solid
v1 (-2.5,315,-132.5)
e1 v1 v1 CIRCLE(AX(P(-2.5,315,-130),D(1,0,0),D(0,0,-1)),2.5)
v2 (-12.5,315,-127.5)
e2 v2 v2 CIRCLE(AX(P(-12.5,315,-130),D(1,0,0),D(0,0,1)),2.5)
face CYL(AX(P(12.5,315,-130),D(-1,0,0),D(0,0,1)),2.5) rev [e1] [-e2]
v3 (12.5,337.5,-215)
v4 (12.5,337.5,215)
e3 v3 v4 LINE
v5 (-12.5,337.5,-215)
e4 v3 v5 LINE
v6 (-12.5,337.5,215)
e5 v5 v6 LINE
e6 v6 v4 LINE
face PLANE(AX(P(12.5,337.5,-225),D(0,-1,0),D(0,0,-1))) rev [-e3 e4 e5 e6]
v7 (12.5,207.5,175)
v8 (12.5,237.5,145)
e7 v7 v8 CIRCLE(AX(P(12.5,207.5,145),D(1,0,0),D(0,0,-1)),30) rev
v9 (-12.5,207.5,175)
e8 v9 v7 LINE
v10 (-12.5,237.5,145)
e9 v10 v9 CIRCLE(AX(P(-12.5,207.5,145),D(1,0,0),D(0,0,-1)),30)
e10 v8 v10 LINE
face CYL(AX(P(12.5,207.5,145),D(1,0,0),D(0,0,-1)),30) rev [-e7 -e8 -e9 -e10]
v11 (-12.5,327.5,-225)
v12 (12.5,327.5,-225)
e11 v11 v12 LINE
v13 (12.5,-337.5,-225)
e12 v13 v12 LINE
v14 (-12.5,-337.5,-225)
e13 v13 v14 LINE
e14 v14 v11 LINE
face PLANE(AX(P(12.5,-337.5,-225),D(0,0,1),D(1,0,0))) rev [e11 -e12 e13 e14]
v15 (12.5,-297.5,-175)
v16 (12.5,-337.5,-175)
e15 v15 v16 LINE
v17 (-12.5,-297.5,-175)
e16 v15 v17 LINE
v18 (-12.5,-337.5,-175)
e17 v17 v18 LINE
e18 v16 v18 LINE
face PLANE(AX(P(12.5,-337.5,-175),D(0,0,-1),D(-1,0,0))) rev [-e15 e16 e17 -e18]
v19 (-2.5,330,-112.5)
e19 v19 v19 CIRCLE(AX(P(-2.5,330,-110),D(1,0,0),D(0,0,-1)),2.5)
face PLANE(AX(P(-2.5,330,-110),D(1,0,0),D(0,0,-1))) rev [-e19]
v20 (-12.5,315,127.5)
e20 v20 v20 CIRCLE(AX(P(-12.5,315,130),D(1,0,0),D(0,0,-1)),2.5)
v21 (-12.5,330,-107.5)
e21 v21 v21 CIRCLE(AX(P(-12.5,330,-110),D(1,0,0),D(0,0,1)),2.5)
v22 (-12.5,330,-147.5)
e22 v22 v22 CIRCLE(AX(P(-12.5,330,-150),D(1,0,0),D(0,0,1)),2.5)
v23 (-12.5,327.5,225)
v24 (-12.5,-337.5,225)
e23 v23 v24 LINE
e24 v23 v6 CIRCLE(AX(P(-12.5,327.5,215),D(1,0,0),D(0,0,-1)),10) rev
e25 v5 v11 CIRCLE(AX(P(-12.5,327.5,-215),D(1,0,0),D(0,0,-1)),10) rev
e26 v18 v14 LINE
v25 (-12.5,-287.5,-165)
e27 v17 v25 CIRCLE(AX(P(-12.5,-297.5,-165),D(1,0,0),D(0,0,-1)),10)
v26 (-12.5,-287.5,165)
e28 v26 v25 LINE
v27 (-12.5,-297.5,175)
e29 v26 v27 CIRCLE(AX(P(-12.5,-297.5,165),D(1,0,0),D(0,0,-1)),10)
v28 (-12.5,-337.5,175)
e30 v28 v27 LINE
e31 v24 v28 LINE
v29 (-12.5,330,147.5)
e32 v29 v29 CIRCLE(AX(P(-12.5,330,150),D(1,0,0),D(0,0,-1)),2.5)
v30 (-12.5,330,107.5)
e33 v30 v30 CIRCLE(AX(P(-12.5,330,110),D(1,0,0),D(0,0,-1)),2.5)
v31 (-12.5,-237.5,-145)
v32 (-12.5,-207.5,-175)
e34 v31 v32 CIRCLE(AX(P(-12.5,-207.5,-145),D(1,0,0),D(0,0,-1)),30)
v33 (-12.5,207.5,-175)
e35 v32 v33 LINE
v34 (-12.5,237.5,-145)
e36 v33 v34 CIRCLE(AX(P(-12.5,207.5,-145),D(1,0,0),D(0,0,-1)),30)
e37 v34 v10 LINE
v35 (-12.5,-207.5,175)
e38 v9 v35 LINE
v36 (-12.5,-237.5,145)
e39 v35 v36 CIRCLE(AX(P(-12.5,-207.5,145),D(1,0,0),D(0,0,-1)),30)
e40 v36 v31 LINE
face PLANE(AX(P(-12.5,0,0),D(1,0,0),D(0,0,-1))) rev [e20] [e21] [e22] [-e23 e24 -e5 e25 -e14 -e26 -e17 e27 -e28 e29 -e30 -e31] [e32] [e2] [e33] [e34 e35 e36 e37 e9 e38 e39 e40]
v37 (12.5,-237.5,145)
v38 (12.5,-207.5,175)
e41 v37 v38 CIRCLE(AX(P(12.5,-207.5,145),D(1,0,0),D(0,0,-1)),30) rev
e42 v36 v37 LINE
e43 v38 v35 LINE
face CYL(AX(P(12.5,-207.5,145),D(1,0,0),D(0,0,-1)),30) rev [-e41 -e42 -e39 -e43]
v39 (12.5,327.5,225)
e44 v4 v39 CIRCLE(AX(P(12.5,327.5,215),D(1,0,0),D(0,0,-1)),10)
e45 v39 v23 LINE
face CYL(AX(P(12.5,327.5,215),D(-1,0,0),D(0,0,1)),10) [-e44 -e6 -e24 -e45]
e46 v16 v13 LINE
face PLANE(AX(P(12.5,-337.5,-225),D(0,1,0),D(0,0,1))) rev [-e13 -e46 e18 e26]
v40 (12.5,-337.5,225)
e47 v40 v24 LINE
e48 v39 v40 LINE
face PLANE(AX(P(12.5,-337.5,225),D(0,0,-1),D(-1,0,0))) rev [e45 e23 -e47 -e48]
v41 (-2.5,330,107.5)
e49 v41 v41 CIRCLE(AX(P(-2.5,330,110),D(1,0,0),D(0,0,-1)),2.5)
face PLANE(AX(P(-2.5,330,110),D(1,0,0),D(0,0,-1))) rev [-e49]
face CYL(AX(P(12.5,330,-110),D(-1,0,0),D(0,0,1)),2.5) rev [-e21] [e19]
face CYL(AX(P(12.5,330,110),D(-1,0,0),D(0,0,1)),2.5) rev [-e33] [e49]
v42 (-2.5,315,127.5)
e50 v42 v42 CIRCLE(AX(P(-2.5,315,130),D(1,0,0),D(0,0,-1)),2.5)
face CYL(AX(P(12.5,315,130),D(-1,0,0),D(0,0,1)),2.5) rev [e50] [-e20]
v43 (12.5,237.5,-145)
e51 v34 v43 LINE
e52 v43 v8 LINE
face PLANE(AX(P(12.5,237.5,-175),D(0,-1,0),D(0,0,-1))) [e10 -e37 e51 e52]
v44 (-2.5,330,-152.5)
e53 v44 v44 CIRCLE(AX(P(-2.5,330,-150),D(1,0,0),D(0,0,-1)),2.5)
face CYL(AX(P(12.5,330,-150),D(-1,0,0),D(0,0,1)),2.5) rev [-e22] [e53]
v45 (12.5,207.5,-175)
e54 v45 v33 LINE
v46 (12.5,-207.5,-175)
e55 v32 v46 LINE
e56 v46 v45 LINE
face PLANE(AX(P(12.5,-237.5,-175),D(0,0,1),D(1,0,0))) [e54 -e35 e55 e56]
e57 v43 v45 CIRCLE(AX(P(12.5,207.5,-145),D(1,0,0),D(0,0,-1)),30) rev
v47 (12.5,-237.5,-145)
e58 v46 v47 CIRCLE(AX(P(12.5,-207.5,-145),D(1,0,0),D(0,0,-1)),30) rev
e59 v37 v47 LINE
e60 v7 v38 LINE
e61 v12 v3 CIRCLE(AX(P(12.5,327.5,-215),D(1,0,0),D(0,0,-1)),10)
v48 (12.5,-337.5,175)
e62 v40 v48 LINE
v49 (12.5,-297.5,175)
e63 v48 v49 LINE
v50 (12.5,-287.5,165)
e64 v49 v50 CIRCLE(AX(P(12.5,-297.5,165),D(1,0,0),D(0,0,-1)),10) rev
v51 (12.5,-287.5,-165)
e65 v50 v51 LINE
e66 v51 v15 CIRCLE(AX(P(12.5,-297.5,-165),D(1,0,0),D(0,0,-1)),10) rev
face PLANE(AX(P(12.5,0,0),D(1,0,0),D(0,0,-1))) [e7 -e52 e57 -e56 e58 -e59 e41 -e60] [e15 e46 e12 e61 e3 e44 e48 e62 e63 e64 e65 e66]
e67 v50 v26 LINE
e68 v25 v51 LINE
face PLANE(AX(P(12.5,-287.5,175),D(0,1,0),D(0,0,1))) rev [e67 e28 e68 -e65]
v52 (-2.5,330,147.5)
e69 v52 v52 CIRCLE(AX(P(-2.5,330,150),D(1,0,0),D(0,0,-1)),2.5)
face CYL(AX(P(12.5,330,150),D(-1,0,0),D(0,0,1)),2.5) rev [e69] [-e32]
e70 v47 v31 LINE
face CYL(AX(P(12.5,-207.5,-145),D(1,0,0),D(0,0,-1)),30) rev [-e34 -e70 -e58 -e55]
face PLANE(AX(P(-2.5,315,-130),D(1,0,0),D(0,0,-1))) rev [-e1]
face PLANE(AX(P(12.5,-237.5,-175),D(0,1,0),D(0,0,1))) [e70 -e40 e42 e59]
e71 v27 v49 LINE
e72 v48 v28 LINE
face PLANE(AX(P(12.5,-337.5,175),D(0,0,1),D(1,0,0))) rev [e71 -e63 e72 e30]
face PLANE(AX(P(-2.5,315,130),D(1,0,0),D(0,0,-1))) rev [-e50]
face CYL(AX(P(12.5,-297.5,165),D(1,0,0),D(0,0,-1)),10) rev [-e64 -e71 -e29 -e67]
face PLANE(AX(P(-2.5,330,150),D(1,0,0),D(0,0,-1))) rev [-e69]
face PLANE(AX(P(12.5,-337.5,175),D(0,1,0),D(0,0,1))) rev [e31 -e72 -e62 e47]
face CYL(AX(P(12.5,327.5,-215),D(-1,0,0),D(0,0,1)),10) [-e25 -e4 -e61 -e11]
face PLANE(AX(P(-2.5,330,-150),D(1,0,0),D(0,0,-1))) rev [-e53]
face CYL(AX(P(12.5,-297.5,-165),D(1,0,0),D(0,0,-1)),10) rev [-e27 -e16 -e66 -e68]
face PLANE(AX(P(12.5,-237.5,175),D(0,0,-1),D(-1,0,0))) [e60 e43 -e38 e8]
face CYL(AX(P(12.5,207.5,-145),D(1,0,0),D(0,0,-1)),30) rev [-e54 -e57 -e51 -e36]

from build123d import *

# Parameters (mm, degrees)
SKETCH1_R           = 2.5
SKETCH1_W           = 350
SKETCH1_H           = 475
BOSS_EXTRUDE1_DEPTH = 12.5
BOSS_EXTRUDE2_START = -15
SKETCH2_R           = 2.5
BOSS_EXTRUDE2_DEPTH = 15
FILLET1_R           = 10
FILLET2_R           = 30
FILLET3_R           = 10


with BuildPart() as part:
    # Sketch1 → Boss-Extrude1 (new, symmetric)
    with BuildSketch(Plane(origin=(0, 0, 0), x_dir=(0, 0, -1), z_dir=(1, 0, 0))):
        Polygon((-175, -337.5), (-225, -337.5), (-225, 337.5), (225, 337.5), (225, -337.5), (175, -337.5), (175, -287.5), (-175, -287.5), align=None)
        with Locations((-150, 330)):
            Circle(SKETCH1_R, mode=Mode.SUBTRACT)
        with Locations((-110, 330)):
            Circle(SKETCH1_R, mode=Mode.SUBTRACT)
        with Locations((-130, 315)):
            Circle(SKETCH1_R, mode=Mode.SUBTRACT)
        with Locations(Location((110, 330, 0), (0, 0, 180))):
            Circle(SKETCH1_R, mode=Mode.SUBTRACT)
        with Locations(Location((150, 330, 0), (0, 0, 180))):
            Circle(SKETCH1_R, mode=Mode.SUBTRACT)
        with Locations(Location((130, 315, 0), (0, 0, 180))):
            Circle(SKETCH1_R, mode=Mode.SUBTRACT)
        Rectangle(SKETCH1_W, SKETCH1_H, mode=Mode.SUBTRACT)
    extrude(amount=BOSS_EXTRUDE1_DEPTH, both=True)

    # Sketch2 → Boss-Extrude2 (add)
    with BuildSketch(Plane(origin=(12.5, 0, 0), x_dir=(0, 0, -1), z_dir=(1, 0, 0)).offset(BOSS_EXTRUDE2_START)):
        with Locations((-110, 330)):
            Circle(SKETCH2_R)
        with Locations((-130, 315)):
            Circle(SKETCH2_R)
        with Locations((-150, 330)):
            Circle(SKETCH2_R)
        with Locations(Location((150, 330, 0), (0, 0, 180))):
            Circle(SKETCH2_R)
        with Locations(Location((130, 315, 0), (0, 0, 180))):
            Circle(SKETCH2_R)
        with Locations(Location((110, 330, 0), (0, 0, 180))):
            Circle(SKETCH2_R)
    extrude(amount=BOSS_EXTRUDE2_DEPTH)

    # Fillet1
    fillet1_edges = [part.edges().sort_by_distance(p)[0] for p in [
        (0, -287.5, -175),
        (0, -287.5, 175),
    ]]
    fillet(fillet1_edges, radius=FILLET1_R)

    # Fillet2
    fillet2_edges = [part.edges().sort_by_distance(p)[0] for p in [
        (0, 237.5, 175),
        (0, -237.5, 175),
        (0, -237.5, -175),
        (0, 237.5, -175),
    ]]
    fillet(fillet2_edges, radius=FILLET2_R)

    # Fillet3
    fillet3_edges = [part.edges().sort_by_distance(p)[0] for p in [
        (0, 337.5, 225),
        (0, 337.5, -225),
    ]]
    fillet(fillet3_edges, radius=FILLET3_R)


solid = part.part
